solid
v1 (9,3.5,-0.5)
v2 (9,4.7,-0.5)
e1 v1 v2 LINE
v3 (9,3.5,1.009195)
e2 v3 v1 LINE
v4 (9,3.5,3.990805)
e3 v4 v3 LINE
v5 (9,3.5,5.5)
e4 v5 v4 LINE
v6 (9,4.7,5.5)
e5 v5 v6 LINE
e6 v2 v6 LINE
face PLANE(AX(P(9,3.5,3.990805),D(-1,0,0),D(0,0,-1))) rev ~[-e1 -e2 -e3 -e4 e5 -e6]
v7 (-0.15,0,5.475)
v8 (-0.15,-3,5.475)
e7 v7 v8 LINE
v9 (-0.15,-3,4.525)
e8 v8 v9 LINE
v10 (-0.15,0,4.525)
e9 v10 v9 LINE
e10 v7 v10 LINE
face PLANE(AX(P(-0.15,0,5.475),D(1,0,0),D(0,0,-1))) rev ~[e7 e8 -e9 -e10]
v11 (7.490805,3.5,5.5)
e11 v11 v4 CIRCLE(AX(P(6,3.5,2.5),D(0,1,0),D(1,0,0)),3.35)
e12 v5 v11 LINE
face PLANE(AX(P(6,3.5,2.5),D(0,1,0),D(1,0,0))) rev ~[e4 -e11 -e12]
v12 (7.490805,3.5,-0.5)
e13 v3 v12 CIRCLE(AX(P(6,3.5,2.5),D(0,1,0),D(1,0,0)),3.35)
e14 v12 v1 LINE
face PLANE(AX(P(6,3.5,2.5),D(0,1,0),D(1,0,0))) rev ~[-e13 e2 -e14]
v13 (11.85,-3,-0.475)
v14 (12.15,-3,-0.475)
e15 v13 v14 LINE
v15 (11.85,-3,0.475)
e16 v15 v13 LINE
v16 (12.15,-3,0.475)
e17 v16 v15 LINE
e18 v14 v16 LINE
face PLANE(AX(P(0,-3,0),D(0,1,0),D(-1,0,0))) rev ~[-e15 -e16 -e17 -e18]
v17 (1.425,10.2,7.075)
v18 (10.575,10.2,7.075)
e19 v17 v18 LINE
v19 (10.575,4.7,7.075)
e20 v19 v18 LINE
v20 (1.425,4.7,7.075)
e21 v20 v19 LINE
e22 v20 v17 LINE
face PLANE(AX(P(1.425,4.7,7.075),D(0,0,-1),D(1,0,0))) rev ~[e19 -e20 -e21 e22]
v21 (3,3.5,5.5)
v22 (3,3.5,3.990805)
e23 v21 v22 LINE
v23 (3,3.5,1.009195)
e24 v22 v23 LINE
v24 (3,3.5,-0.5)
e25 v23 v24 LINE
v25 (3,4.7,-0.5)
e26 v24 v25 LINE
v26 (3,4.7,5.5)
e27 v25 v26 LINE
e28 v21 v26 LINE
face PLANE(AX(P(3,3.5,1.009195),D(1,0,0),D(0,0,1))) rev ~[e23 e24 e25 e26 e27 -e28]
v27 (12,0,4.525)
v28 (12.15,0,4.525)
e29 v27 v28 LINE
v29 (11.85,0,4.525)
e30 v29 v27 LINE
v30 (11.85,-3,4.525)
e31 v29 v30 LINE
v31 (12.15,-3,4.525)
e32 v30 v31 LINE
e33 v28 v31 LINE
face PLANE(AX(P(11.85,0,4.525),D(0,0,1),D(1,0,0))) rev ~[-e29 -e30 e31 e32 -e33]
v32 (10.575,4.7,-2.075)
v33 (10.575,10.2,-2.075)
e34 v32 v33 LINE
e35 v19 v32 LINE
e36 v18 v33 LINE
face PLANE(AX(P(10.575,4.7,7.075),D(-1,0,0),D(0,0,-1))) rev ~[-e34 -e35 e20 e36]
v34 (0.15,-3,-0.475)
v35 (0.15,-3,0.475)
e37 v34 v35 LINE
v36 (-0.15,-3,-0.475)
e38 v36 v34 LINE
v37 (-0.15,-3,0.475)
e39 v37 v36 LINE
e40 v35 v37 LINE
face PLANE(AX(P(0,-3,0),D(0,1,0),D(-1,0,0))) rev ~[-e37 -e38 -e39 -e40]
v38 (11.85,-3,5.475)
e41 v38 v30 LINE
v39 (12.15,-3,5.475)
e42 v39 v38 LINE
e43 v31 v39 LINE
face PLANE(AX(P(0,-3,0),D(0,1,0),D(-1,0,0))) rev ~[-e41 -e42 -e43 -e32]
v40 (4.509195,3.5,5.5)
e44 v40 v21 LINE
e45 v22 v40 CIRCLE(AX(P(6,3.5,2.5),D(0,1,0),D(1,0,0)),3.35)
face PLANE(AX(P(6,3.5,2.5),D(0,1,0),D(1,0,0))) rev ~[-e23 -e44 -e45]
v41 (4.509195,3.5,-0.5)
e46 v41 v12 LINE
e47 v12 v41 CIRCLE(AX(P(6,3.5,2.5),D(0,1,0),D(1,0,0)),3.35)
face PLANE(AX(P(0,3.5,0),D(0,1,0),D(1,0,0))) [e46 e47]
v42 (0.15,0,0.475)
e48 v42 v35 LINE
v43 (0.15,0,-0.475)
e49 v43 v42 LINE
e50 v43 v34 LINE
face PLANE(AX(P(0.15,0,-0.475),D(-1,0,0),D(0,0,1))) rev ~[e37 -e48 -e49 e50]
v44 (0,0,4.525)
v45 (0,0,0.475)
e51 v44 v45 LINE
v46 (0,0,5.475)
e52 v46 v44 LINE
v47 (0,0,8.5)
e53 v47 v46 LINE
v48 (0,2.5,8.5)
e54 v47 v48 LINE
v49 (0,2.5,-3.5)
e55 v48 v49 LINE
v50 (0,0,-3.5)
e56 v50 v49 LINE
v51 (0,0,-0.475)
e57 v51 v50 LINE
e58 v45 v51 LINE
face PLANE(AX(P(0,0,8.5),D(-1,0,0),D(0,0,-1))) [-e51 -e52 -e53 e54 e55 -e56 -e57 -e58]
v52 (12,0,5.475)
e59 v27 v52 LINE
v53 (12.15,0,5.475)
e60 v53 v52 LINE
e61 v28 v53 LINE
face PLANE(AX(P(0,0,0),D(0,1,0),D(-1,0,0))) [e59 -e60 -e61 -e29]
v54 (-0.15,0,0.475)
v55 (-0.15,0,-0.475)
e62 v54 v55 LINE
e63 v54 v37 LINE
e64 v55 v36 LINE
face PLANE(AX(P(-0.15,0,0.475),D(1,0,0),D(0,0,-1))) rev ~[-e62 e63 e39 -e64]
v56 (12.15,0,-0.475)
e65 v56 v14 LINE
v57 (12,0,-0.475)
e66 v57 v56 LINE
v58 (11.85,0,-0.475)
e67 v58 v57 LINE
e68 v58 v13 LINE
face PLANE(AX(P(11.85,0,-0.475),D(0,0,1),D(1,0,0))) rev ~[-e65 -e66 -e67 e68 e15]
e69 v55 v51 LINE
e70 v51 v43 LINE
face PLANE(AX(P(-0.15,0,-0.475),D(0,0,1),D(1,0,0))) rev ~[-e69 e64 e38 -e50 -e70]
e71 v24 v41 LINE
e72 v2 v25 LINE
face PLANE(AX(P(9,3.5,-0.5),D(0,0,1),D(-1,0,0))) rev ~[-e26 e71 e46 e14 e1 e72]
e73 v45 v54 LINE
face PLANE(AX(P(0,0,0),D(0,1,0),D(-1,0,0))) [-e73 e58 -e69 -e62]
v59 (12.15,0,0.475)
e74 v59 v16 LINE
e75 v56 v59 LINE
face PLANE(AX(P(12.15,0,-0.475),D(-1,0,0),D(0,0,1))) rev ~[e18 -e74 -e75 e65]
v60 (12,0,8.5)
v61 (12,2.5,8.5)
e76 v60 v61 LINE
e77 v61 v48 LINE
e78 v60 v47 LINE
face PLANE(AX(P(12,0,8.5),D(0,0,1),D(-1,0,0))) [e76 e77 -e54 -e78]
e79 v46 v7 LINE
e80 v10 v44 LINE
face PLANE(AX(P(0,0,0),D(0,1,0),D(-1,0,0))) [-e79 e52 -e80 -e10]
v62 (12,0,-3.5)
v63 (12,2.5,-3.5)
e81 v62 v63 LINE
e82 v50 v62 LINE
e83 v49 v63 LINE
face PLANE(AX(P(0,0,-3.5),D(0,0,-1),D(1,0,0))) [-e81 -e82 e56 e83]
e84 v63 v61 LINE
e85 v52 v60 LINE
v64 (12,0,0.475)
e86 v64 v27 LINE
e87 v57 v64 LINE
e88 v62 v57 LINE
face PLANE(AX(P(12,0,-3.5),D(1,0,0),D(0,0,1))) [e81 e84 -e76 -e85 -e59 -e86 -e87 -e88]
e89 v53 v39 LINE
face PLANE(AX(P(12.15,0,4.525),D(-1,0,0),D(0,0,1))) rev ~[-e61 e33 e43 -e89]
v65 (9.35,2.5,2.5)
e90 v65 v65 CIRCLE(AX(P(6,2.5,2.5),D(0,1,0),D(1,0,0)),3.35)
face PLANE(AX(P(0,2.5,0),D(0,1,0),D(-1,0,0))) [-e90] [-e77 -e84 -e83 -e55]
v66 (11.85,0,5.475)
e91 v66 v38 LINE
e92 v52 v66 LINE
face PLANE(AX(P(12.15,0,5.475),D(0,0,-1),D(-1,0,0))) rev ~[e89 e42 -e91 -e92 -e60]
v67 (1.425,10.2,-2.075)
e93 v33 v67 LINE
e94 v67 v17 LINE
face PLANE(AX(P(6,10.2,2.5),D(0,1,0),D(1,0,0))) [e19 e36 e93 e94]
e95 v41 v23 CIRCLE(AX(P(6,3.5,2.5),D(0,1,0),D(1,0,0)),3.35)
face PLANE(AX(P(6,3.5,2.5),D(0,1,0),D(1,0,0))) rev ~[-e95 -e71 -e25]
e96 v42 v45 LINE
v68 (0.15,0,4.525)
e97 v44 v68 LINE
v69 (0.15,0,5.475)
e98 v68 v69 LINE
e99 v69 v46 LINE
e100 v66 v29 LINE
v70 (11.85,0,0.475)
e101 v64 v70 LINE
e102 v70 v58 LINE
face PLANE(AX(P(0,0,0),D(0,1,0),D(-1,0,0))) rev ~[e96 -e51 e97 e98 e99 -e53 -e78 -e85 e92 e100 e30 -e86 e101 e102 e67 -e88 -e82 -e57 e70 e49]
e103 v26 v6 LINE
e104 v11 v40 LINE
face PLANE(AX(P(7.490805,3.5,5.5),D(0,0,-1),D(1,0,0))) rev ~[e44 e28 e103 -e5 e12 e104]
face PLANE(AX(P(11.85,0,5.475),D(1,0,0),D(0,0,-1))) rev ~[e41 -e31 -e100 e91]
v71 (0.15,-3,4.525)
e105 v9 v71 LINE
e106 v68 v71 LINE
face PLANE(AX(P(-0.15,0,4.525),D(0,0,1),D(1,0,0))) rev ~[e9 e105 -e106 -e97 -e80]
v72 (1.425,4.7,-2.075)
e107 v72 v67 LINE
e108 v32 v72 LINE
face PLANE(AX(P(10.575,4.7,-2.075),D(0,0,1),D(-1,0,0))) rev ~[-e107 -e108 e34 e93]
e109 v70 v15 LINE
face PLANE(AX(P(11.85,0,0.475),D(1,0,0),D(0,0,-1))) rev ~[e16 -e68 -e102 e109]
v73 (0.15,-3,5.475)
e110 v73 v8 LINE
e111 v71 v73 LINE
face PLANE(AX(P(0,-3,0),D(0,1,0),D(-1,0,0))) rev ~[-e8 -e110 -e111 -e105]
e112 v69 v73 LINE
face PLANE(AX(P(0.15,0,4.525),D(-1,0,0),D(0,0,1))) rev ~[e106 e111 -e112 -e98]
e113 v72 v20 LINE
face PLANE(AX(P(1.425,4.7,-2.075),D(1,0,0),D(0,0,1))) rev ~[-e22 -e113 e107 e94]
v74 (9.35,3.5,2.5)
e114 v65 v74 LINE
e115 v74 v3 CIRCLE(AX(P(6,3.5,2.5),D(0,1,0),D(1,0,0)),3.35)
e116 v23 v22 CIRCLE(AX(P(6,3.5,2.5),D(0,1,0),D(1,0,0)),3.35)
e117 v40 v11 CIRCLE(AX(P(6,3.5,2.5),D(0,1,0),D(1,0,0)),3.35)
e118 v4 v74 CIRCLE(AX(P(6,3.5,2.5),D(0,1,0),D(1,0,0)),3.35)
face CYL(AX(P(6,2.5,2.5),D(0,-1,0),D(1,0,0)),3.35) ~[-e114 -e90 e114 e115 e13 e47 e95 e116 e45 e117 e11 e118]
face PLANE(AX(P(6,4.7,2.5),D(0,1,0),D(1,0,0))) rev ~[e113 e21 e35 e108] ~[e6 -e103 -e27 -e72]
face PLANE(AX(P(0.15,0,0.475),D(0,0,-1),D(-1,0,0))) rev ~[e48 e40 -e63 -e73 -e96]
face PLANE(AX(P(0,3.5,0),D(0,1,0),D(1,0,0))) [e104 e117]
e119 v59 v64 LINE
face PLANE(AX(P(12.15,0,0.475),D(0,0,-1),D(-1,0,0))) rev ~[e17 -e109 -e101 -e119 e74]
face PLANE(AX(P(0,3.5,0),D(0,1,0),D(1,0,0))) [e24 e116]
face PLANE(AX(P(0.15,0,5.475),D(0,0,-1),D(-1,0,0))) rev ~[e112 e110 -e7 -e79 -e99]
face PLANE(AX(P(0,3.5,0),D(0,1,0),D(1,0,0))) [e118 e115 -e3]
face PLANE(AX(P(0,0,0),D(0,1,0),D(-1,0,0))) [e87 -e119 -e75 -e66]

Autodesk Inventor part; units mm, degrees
ref_plane "YZ Plane" through (0, 0, 0) normal (1, 0, 0) x (0, 1, 0)
ref_plane "XZ Plane" through (0, 0, 0) normal (0, 1, 0) x (-1, 0, 0)
ref_plane "XY Plane" through (0, 0, 0) normal (0, 0, 1) x (1, 0, 0)
sketch "Sketch1" plane through (0, 0, 0) normal (0, 1, 0) x (-1, 0, 0)
  line L0 (-0.15, 0.475) -> (0.15, 0.475)
  line L1 (0.15, 0.475) -> (0.15, -0.475)
  line L2 (0.15, -0.475) -> (-0.15, -0.475)
  line L3 (-0.15, -0.475) -> (-0.15, 0.475)
  line L4 (-0.15, 0.475) -> (0.15, -0.475) construction
  line L5 (0.15, 0.475) -> (-0.15, -0.475) construction
  line L6 (-0.15, 5.475) -> (0.15, 5.475)
  line L7 (0.15, 5.475) -> (0.15, 4.525)
  line L8 (0.15, 4.525) -> (-0.15, 4.525)
  line L9 (-0.15, 4.525) -> (-0.15, 5.475)
  line L10 (-0.15, 5.475) -> (0.15, 4.525) construction
  line L11 (0.15, 5.475) -> (-0.15, 4.525) construction
  line L12 (0, -1.665) -> (0, 6.665) construction
  line L13 (-14.61, 0) -> (2.61, 0) construction
  line L14 (-12.15, 0.475) -> (-11.85, 0.475)
  line L15 (-11.85, 0.475) -> (-11.85, -0.475)
  line L16 (-11.85, -0.475) -> (-12.15, -0.475)
  line L17 (-12.15, -0.475) -> (-12.15, 0.475)
  line L18 (-12.15, 0.475) -> (-11.85, -0.475) construction
  line L19 (-11.85, 0.475) -> (-12.15, -0.475) construction
  line L20 (-12.15, 5.475) -> (-11.85, 5.475)
  line L21 (-11.85, 5.475) -> (-11.85, 4.525)
  line L22 (-11.85, 4.525) -> (-12.15, 4.525)
  line L23 (-12.15, 4.525) -> (-12.15, 5.475)
  line L24 (-12.15, 5.475) -> (-11.85, 4.525) construction
  line L25 (-11.85, 5.475) -> (-12.15, 4.525) construction
  line L26 (-12, 0) -> (-12, 5) construction
  line L27 (-12, 5) -> (0, 5) construction
  point P0 (0, 0)
  point P1 (0, 5)
  point P2 (-12, 0)
  dimension "d0" = 0.95
  dimension "d1" = 0.3
  dimension "d2" = 0.95
  dimension "d3" = 0.3
  dimension "d4" = 5
  dimension "d5" = 0.95
  dimension "d6" = 0.3
  dimension "d7" = 12
  dimension "d8" = 0.95
  dimension "d9" = 0.3
extrude "Extrusion1" add sketch "Sketch1" against normal blind 3
sketch "Sketch2" plane through (0, 0, 0) normal (0, 1, 0) x (-1, 0, 0)
  line L0 (0, -3.5) -> (-12, -3.5)
  line L1 (-12, -3.5) -> (-12, 8.5)
  line L2 (-12, 8.5) -> (0, 8.5)
  line L3 (0, 8.5) -> (0, -3.5)
  line L4 (0, -3.5) -> (-12, 8.5) construction
  line L5 (0, 8.5) -> (-12, -3.5) construction
  line L6 (-12.15, 5.475) -> (-11.85, 5.475) construction
  line L7 (-12.15, 4.525) -> (-12.15, 5.475) construction
  line L8 (-11.85, 4.525) -> (-12.15, 4.525) construction
  line L9 (-11.85, 5.475) -> (-11.85, 4.525) construction
  line L10 (-11.85, 5.475) -> (-11.85, 4.525) construction
  line L11 (-11.85, 5) -> (-12.15, 5) construction
  point P0 (0, 0)
  point P1 (-6, 2.5)
  point P2 (-6, 2.5)
  dimension "d12" = 12
  dimension "d13" = 12
  dimension "d14" = 6
  dimension "d15" = 2.5
extrude "Extrusion2" add sketch "Sketch2" along normal blind 2.5
sketch "Sketch3" plane through (0, 2.5, 0) normal (0, 1, 0) x (1, 0, 0)
  line L0 (12, 3.5) -> (0, 3.5) construction
  line L1 (0, 3.5) -> (0, -8.5) construction
  line L2 (0, -8.5) -> (12, -8.5) construction
  line L3 (12, -8.5) -> (12, 3.5) construction
  line L4 (0, 3.5) -> (12, 3.5) construction
  line L5 (0, 3.5) -> (12, -8.5) construction
  line L6 (12, -8.5) -> (0, -8.5) construction
  line L7 (0, -8.5) -> (12, 3.5) construction
  circle A0 centre (6, -2.5) radius 3.35
  point P0 (0, 0)
  dimension "d18" = 6.7
extrude "Extrusion3" add sketch "Sketch3" along normal blind 1
sketch "Sketch4" plane through (6, 3.5, 2.5) normal (0, 1, 0) x (1, 0, 0)
  circle A0 centre (0, 0) radius 3.35 projected
  line L0 (-3, -3) -> (3, -3)
  line L1 (3, -3) -> (3, 3)
  line L2 (3, 3) -> (-3, 3)
  line L3 (-3, 3) -> (-3, -3)
  line L4 (-3, -3) -> (3, 3) construction
  line L5 (3, -3) -> (-3, 3) construction
  point P0 (-6, 2.5)
  dimension "d21" = 6
  dimension "d22" = 6
extrude "Extrusion4" add sketch "Sketch4" along normal blind 1.2 contours L1 A0 L0 L3 L2 | A0 L2 L1 | L1 L0 A0 | A0 L3 L2 | L0 L3 A0
sketch "Sketch5" plane through (6, 4.7, 2.5) normal (0, 1, 0) x (1, 0, 0)
  circle A0 centre (0, 0) radius 3.35 construction
  line L0 (6, 6) -> (-6, 6) construction
  line L1 (-6, 6) -> (-6, -6) construction
  line L2 (-6, -6) -> (6, -6) construction
  line L3 (6, -6) -> (6, 6) construction
  line L4 (-4.575, -4.575) -> (4.575, -4.575)
  line L5 (4.575, -4.575) -> (4.575, 4.575)
  line L6 (4.575, 4.575) -> (-4.575, 4.575)
  line L7 (-4.575, 4.575) -> (-4.575, -4.575)
  line L8 (-4.575, -4.575) -> (4.575, 4.575) construction
  line L9 (4.575, -4.575) -> (-4.575, 4.575) construction
  point P0 (-6, 2.5)
  dimension "d25" = 9.15
  dimension "d26" = 9.15
extrude "Extrusion5" add sketch "Sketch5" along normal blind 5.5
equation "\"d13\" = d12"
equation "\"d22\" = d21"
equation "\"d26\" = d25"
properties part number "NINIGI_TACTS-24N"
